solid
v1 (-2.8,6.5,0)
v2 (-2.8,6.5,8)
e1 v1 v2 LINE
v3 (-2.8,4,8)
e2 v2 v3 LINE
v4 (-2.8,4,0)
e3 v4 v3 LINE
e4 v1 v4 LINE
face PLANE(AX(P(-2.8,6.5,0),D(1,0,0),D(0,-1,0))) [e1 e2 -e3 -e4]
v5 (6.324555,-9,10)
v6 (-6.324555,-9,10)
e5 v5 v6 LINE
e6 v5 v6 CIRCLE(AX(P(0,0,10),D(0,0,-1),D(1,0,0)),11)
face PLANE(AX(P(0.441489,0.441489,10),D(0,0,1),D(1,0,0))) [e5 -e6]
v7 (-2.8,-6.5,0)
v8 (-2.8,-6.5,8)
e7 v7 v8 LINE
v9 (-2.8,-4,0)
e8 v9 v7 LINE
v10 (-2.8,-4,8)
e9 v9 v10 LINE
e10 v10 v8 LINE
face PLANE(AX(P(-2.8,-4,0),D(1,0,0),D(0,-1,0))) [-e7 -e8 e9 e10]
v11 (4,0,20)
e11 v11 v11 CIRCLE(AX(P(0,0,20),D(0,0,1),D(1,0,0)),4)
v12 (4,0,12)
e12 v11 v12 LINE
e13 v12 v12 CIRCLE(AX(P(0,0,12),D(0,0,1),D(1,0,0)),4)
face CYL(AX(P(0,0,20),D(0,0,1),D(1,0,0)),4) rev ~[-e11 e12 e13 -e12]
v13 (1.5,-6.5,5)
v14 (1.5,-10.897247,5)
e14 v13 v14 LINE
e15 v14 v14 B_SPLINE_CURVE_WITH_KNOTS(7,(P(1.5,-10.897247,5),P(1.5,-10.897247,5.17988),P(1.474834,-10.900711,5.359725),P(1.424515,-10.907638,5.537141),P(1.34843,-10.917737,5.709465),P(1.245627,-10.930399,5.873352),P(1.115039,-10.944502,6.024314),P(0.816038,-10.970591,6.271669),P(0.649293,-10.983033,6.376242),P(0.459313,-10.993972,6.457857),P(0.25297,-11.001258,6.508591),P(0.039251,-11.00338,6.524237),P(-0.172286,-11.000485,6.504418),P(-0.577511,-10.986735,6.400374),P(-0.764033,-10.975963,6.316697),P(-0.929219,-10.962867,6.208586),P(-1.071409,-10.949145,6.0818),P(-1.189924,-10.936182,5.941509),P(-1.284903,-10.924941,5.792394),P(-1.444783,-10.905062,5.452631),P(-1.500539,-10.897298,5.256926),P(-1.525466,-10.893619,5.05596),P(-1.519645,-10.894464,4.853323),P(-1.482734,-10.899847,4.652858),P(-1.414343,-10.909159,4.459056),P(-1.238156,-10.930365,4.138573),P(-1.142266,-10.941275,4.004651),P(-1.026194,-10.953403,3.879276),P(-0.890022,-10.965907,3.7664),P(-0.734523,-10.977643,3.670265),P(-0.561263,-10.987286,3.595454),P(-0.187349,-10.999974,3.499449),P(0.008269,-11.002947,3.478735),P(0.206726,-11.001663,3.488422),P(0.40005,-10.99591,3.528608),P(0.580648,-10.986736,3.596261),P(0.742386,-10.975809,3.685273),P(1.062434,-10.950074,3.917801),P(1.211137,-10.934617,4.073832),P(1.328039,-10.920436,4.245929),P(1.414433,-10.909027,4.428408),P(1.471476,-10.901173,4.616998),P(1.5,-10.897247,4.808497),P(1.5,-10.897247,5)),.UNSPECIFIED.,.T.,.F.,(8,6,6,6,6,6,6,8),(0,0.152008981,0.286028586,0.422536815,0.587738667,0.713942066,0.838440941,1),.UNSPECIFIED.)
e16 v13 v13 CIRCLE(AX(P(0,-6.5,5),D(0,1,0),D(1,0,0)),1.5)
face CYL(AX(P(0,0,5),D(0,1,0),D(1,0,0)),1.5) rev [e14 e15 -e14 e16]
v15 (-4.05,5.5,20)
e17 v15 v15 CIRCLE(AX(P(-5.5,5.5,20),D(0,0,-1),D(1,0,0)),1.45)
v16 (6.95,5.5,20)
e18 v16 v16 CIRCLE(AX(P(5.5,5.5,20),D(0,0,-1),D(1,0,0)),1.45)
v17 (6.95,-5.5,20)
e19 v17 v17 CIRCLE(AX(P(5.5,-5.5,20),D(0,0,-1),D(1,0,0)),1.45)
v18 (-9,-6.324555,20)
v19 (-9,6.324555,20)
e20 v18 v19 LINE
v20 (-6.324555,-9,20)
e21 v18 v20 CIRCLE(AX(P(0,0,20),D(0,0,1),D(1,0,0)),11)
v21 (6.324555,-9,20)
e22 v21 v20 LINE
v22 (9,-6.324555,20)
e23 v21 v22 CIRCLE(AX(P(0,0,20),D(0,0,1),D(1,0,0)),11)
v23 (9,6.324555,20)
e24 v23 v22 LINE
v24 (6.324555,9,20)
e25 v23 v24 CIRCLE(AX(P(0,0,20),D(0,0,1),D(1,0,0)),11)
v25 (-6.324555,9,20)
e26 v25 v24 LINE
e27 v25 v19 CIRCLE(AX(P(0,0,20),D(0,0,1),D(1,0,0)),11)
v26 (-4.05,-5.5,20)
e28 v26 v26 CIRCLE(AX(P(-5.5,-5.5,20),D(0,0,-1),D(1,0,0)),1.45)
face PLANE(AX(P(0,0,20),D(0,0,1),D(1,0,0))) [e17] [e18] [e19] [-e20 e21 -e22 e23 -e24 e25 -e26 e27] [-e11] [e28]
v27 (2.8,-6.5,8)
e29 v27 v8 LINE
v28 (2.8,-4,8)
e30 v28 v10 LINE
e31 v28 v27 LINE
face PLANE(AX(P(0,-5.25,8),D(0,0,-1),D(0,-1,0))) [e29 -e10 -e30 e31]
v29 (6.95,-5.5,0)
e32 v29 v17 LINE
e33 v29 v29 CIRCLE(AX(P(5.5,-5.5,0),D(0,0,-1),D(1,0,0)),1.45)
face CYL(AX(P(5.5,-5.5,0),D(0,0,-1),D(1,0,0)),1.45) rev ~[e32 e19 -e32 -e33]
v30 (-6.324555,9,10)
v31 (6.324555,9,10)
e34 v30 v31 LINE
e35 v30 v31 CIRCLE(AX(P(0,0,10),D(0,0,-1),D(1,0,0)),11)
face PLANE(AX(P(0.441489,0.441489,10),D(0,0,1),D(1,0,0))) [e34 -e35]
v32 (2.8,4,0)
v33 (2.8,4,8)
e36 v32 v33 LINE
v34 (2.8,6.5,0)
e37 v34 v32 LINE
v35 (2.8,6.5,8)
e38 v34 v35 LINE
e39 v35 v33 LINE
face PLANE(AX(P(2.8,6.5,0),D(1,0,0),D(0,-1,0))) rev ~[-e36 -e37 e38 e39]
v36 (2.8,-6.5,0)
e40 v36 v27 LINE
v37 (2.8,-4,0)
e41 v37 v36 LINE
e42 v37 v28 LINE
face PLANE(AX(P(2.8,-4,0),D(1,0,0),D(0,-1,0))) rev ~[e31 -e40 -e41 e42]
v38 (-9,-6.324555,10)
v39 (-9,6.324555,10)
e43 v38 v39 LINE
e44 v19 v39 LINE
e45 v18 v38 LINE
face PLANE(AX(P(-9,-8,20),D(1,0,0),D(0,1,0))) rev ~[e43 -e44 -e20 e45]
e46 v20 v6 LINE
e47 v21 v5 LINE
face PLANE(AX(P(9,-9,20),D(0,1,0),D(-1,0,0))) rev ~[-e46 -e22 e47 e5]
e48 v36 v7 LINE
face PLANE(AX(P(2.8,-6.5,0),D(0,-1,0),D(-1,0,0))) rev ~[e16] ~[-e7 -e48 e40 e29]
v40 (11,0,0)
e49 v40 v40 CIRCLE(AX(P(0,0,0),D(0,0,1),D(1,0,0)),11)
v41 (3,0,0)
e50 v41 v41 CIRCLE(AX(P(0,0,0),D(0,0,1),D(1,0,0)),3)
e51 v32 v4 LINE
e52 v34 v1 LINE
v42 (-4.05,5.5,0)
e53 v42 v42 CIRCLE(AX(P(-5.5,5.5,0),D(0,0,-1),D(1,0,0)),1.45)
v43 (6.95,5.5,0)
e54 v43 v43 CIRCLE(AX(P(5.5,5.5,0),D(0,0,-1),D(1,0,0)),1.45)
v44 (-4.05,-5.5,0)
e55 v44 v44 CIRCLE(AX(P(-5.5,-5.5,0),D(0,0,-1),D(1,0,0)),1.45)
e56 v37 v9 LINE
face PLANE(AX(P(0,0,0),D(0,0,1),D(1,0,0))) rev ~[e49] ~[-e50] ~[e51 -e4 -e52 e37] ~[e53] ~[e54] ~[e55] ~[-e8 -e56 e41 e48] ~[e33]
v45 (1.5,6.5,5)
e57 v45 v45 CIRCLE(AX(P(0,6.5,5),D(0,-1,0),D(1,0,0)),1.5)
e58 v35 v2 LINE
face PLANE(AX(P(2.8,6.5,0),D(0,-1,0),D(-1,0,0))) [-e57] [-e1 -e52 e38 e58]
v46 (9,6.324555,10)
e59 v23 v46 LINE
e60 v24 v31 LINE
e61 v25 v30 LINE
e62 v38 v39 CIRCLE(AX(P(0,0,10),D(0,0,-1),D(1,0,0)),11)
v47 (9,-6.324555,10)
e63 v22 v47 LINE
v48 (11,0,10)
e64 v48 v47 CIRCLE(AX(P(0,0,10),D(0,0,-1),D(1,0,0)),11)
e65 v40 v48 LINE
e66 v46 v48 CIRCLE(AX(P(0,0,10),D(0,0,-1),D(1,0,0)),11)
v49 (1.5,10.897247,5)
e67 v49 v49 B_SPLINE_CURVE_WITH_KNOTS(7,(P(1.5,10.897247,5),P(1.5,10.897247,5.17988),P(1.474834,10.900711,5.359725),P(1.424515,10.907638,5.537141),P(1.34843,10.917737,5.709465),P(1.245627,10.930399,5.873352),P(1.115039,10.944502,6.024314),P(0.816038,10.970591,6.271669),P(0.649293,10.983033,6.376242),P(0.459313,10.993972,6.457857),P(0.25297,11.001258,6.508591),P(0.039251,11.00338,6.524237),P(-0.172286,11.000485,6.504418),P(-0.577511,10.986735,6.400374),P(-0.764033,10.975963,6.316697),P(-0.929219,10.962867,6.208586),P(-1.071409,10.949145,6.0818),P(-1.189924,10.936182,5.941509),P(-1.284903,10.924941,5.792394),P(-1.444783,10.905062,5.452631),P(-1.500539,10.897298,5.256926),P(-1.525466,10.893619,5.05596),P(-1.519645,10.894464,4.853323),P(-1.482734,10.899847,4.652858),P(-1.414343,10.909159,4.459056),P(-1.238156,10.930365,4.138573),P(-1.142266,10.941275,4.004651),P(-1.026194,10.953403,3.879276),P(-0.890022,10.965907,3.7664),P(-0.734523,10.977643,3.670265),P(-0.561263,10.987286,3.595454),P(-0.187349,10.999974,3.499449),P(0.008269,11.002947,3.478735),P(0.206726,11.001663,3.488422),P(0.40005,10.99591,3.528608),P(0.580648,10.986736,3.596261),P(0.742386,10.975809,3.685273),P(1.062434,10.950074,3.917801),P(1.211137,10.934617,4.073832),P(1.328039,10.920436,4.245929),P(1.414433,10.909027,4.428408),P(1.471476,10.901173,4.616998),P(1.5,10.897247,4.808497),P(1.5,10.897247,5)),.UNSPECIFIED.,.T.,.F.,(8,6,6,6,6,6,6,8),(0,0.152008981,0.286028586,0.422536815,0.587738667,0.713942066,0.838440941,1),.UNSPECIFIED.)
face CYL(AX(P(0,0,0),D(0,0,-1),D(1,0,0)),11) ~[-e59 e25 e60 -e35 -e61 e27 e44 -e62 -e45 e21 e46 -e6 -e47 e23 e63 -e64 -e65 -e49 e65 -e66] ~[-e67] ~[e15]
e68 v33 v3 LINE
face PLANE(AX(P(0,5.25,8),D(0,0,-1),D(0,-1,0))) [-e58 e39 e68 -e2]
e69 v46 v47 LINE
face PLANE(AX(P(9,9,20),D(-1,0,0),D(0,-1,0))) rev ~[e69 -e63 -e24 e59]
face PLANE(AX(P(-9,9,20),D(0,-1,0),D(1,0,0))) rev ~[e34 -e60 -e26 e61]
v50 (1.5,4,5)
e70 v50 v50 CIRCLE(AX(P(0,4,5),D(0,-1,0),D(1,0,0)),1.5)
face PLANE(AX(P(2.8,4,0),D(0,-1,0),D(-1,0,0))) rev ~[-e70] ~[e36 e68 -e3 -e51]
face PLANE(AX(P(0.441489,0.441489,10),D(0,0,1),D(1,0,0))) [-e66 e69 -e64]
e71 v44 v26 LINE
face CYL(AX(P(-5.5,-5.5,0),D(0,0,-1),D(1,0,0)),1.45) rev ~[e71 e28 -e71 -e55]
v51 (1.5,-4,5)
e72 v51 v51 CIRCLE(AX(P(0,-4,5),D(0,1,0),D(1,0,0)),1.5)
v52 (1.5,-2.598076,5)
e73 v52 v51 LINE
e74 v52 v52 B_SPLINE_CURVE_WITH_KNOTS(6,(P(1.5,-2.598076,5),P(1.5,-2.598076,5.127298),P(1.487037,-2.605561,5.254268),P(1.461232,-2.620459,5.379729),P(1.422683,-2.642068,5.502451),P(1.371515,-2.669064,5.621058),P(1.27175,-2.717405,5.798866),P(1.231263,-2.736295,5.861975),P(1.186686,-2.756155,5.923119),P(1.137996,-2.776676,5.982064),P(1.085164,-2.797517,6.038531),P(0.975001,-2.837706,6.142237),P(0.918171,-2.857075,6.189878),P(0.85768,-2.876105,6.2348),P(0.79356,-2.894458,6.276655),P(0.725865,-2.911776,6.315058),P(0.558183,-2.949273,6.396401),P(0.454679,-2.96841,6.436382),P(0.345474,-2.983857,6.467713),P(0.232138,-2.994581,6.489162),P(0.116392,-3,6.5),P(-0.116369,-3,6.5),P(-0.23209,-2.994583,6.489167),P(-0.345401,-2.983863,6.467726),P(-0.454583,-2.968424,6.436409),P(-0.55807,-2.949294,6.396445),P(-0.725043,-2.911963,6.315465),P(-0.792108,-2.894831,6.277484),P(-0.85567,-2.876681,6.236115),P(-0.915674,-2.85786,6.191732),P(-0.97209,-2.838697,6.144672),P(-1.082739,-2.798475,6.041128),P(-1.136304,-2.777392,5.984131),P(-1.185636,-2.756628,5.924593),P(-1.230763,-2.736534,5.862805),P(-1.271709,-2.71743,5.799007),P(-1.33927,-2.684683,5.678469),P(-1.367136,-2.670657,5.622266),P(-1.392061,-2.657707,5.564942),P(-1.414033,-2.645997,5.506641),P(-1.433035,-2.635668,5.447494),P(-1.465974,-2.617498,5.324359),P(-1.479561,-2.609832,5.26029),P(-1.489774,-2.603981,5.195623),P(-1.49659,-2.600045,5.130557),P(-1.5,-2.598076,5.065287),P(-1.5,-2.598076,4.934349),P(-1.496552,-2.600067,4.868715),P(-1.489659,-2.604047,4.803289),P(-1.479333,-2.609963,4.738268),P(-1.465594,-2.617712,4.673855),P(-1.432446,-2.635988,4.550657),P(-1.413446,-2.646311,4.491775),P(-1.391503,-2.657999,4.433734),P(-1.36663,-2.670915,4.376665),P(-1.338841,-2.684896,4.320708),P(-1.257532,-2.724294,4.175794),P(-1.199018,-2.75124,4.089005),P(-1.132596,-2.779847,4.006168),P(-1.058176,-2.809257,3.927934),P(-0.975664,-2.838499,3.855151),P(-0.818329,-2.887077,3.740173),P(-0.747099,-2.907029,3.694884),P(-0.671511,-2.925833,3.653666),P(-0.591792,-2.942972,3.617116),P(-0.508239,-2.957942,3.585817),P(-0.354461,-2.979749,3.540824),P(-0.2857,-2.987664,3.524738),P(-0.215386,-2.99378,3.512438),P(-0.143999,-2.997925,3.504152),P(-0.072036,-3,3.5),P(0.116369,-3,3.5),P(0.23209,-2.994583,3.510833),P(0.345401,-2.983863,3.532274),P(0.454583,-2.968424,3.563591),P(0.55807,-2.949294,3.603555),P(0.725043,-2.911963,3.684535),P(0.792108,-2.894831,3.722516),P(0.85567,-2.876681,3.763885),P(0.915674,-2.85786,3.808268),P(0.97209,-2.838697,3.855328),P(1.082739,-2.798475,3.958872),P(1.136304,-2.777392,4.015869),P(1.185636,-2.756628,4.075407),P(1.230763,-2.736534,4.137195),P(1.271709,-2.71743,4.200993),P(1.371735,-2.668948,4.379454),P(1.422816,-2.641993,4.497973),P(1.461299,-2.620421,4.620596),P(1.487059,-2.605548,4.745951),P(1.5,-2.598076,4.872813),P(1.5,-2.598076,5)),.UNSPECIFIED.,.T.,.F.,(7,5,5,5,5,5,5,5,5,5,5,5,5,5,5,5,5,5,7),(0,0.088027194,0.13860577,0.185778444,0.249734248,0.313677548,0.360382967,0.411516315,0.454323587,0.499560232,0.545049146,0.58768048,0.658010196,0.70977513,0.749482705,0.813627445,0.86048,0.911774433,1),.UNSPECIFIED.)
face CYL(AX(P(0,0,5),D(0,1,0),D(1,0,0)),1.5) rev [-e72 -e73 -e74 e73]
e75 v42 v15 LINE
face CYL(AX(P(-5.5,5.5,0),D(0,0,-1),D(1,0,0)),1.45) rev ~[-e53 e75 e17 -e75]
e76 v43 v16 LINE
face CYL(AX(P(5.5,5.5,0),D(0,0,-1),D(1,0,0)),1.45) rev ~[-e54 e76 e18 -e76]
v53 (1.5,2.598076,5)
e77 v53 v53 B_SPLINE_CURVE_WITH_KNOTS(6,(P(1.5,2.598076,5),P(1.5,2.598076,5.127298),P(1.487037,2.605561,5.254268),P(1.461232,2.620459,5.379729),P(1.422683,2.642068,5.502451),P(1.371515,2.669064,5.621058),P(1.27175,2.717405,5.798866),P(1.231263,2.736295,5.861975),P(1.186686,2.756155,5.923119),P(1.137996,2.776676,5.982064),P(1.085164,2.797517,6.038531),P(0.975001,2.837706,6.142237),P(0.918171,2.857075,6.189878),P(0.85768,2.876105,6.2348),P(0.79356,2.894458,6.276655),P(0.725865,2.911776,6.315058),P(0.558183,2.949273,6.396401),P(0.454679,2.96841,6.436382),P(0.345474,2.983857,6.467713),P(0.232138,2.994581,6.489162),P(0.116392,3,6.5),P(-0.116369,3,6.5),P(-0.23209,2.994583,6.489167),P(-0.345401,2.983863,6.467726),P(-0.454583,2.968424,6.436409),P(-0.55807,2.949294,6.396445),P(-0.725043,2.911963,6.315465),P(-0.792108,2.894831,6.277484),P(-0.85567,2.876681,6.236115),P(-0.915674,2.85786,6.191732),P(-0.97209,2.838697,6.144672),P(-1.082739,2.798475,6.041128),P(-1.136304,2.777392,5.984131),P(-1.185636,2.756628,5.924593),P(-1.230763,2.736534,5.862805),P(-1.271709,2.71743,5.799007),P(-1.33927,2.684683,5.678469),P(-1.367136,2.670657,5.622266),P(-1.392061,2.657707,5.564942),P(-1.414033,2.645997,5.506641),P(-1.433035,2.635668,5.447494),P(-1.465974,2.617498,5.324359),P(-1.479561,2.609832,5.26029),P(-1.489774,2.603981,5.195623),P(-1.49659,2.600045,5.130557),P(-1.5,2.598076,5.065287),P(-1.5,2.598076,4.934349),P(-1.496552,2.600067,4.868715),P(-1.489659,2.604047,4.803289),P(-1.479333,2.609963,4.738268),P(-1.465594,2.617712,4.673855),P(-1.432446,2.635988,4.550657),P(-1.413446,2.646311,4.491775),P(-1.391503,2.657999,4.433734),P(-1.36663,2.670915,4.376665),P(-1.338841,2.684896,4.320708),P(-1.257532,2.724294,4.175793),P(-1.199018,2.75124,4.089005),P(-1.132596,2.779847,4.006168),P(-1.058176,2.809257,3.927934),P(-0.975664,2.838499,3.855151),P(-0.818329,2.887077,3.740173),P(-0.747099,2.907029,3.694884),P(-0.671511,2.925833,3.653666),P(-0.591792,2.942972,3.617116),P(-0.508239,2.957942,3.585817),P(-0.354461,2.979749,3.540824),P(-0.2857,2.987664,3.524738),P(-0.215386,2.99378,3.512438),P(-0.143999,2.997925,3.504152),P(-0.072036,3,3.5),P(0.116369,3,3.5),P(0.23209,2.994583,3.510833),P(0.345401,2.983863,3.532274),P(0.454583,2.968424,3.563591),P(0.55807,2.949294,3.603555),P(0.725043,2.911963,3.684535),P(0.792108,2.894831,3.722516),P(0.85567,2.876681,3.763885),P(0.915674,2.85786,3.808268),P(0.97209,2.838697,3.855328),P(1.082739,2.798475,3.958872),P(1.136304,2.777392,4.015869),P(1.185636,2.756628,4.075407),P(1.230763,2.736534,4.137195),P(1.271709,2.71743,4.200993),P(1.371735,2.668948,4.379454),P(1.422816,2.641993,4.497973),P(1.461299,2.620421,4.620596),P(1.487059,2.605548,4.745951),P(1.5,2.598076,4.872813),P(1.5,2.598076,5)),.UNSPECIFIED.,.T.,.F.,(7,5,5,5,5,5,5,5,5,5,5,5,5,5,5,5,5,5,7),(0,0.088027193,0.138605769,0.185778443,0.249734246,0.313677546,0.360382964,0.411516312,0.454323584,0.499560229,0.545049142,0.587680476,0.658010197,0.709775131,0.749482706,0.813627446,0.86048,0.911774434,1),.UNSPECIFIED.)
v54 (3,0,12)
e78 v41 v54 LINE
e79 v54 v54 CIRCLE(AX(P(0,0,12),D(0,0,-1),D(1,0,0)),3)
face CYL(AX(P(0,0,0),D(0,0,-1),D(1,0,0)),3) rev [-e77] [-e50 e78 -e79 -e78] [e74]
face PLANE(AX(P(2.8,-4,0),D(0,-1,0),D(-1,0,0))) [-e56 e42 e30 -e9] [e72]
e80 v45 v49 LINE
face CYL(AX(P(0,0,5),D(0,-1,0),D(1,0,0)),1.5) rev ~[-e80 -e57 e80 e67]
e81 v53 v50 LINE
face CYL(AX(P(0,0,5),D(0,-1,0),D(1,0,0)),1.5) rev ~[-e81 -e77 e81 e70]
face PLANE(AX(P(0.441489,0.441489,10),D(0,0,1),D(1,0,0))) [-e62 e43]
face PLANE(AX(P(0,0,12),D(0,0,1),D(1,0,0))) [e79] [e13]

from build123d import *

# Parameters (mm, degrees)
SKETCH_R             = 11
SKETCH_R_2           = 3
PAD_DEPTH            = 20
POCKET_DEPTH         = 10
SKETCH002_R          = 4
POCKET001_DEPTH      = 8
SKETCH003_R          = 1.5
POCKET002_DEPTH      = 11.001
POCKET002_DEPTH_BACK = -11.001
SKETCH004_W          = 2.5
SKETCH004_H          = 5.6
POCKET003_DEPTH      = 8
SKETCH005_R          = 1.45
POCKET004_DEPTH      = 20.001


with BuildPart() as part:
    # Sketch → Pad (new body)
    with BuildSketch(Plane.XY):
        Circle(SKETCH_R)
        Circle(SKETCH_R_2, mode=Mode.SUBTRACT)
    extrude(amount=PAD_DEPTH)

    # Sketch001 (on Face4 of Pad) → Pocket (cut)
    with BuildSketch(Plane.XY.offset(20)):
        Polygon((-15, -8), (-9, -8), (-9, 9), (9, 9), (9, -9), (-8, -9), (-8, -15), (15, -15), (15, 15), (-15, 15), align=None)
    extrude(amount=-POCKET_DEPTH, mode=Mode.SUBTRACT)

    # Sketch002 (on Face5 of Pocket) → Pocket001 (cut)
    with BuildSketch(Plane.XY.offset(20)):
        Circle(SKETCH002_R)
    extrude(amount=-POCKET001_DEPTH, mode=Mode.SUBTRACT)

    # Sketch003 → Pocket002 (cut, two sides)
    with BuildSketch(Plane.XZ) as pocket002_sk:
        with Locations((0, 5)):
            Circle(SKETCH003_R)
    extrude(amount=-POCKET002_DEPTH, mode=Mode.SUBTRACT)
    extrude(pocket002_sk.sketch, amount=-POCKET002_DEPTH_BACK, mode=Mode.SUBTRACT)

    # Sketch004 (on Face11 of Pocket002) → Pocket003 (cut)
    with BuildSketch(Plane(origin=(0, 0, 0), x_dir=(0, -1, 0), z_dir=(0, 0, -1))):
        with Locations((-5.25, 0)):
            Rectangle(SKETCH004_W, SKETCH004_H)
        with Locations((5.25, 0)):
            Rectangle(SKETCH004_W, SKETCH004_H)
    extrude(amount=-POCKET003_DEPTH, mode=Mode.SUBTRACT)

    # Sketch005 (on Face11 of Pocket003) → Pocket004 (cut, through all)
    with BuildSketch(Plane(origin=(0, 0, 0), x_dir=(1, 0, 0), z_dir=(0, 0, -1))):
        with Locations((-5.5, 5.5)):
            Circle(SKETCH005_R)
        with Locations((-5.5, -5.5)):
            Circle(SKETCH005_R)
        with Locations((5.5, -5.5)):
            Circle(SKETCH005_R)
        with Locations((5.5, 5.5)):
            Circle(SKETCH005_R)
    extrude(amount=-POCKET004_DEPTH, mode=Mode.SUBTRACT)


solid = part.part
